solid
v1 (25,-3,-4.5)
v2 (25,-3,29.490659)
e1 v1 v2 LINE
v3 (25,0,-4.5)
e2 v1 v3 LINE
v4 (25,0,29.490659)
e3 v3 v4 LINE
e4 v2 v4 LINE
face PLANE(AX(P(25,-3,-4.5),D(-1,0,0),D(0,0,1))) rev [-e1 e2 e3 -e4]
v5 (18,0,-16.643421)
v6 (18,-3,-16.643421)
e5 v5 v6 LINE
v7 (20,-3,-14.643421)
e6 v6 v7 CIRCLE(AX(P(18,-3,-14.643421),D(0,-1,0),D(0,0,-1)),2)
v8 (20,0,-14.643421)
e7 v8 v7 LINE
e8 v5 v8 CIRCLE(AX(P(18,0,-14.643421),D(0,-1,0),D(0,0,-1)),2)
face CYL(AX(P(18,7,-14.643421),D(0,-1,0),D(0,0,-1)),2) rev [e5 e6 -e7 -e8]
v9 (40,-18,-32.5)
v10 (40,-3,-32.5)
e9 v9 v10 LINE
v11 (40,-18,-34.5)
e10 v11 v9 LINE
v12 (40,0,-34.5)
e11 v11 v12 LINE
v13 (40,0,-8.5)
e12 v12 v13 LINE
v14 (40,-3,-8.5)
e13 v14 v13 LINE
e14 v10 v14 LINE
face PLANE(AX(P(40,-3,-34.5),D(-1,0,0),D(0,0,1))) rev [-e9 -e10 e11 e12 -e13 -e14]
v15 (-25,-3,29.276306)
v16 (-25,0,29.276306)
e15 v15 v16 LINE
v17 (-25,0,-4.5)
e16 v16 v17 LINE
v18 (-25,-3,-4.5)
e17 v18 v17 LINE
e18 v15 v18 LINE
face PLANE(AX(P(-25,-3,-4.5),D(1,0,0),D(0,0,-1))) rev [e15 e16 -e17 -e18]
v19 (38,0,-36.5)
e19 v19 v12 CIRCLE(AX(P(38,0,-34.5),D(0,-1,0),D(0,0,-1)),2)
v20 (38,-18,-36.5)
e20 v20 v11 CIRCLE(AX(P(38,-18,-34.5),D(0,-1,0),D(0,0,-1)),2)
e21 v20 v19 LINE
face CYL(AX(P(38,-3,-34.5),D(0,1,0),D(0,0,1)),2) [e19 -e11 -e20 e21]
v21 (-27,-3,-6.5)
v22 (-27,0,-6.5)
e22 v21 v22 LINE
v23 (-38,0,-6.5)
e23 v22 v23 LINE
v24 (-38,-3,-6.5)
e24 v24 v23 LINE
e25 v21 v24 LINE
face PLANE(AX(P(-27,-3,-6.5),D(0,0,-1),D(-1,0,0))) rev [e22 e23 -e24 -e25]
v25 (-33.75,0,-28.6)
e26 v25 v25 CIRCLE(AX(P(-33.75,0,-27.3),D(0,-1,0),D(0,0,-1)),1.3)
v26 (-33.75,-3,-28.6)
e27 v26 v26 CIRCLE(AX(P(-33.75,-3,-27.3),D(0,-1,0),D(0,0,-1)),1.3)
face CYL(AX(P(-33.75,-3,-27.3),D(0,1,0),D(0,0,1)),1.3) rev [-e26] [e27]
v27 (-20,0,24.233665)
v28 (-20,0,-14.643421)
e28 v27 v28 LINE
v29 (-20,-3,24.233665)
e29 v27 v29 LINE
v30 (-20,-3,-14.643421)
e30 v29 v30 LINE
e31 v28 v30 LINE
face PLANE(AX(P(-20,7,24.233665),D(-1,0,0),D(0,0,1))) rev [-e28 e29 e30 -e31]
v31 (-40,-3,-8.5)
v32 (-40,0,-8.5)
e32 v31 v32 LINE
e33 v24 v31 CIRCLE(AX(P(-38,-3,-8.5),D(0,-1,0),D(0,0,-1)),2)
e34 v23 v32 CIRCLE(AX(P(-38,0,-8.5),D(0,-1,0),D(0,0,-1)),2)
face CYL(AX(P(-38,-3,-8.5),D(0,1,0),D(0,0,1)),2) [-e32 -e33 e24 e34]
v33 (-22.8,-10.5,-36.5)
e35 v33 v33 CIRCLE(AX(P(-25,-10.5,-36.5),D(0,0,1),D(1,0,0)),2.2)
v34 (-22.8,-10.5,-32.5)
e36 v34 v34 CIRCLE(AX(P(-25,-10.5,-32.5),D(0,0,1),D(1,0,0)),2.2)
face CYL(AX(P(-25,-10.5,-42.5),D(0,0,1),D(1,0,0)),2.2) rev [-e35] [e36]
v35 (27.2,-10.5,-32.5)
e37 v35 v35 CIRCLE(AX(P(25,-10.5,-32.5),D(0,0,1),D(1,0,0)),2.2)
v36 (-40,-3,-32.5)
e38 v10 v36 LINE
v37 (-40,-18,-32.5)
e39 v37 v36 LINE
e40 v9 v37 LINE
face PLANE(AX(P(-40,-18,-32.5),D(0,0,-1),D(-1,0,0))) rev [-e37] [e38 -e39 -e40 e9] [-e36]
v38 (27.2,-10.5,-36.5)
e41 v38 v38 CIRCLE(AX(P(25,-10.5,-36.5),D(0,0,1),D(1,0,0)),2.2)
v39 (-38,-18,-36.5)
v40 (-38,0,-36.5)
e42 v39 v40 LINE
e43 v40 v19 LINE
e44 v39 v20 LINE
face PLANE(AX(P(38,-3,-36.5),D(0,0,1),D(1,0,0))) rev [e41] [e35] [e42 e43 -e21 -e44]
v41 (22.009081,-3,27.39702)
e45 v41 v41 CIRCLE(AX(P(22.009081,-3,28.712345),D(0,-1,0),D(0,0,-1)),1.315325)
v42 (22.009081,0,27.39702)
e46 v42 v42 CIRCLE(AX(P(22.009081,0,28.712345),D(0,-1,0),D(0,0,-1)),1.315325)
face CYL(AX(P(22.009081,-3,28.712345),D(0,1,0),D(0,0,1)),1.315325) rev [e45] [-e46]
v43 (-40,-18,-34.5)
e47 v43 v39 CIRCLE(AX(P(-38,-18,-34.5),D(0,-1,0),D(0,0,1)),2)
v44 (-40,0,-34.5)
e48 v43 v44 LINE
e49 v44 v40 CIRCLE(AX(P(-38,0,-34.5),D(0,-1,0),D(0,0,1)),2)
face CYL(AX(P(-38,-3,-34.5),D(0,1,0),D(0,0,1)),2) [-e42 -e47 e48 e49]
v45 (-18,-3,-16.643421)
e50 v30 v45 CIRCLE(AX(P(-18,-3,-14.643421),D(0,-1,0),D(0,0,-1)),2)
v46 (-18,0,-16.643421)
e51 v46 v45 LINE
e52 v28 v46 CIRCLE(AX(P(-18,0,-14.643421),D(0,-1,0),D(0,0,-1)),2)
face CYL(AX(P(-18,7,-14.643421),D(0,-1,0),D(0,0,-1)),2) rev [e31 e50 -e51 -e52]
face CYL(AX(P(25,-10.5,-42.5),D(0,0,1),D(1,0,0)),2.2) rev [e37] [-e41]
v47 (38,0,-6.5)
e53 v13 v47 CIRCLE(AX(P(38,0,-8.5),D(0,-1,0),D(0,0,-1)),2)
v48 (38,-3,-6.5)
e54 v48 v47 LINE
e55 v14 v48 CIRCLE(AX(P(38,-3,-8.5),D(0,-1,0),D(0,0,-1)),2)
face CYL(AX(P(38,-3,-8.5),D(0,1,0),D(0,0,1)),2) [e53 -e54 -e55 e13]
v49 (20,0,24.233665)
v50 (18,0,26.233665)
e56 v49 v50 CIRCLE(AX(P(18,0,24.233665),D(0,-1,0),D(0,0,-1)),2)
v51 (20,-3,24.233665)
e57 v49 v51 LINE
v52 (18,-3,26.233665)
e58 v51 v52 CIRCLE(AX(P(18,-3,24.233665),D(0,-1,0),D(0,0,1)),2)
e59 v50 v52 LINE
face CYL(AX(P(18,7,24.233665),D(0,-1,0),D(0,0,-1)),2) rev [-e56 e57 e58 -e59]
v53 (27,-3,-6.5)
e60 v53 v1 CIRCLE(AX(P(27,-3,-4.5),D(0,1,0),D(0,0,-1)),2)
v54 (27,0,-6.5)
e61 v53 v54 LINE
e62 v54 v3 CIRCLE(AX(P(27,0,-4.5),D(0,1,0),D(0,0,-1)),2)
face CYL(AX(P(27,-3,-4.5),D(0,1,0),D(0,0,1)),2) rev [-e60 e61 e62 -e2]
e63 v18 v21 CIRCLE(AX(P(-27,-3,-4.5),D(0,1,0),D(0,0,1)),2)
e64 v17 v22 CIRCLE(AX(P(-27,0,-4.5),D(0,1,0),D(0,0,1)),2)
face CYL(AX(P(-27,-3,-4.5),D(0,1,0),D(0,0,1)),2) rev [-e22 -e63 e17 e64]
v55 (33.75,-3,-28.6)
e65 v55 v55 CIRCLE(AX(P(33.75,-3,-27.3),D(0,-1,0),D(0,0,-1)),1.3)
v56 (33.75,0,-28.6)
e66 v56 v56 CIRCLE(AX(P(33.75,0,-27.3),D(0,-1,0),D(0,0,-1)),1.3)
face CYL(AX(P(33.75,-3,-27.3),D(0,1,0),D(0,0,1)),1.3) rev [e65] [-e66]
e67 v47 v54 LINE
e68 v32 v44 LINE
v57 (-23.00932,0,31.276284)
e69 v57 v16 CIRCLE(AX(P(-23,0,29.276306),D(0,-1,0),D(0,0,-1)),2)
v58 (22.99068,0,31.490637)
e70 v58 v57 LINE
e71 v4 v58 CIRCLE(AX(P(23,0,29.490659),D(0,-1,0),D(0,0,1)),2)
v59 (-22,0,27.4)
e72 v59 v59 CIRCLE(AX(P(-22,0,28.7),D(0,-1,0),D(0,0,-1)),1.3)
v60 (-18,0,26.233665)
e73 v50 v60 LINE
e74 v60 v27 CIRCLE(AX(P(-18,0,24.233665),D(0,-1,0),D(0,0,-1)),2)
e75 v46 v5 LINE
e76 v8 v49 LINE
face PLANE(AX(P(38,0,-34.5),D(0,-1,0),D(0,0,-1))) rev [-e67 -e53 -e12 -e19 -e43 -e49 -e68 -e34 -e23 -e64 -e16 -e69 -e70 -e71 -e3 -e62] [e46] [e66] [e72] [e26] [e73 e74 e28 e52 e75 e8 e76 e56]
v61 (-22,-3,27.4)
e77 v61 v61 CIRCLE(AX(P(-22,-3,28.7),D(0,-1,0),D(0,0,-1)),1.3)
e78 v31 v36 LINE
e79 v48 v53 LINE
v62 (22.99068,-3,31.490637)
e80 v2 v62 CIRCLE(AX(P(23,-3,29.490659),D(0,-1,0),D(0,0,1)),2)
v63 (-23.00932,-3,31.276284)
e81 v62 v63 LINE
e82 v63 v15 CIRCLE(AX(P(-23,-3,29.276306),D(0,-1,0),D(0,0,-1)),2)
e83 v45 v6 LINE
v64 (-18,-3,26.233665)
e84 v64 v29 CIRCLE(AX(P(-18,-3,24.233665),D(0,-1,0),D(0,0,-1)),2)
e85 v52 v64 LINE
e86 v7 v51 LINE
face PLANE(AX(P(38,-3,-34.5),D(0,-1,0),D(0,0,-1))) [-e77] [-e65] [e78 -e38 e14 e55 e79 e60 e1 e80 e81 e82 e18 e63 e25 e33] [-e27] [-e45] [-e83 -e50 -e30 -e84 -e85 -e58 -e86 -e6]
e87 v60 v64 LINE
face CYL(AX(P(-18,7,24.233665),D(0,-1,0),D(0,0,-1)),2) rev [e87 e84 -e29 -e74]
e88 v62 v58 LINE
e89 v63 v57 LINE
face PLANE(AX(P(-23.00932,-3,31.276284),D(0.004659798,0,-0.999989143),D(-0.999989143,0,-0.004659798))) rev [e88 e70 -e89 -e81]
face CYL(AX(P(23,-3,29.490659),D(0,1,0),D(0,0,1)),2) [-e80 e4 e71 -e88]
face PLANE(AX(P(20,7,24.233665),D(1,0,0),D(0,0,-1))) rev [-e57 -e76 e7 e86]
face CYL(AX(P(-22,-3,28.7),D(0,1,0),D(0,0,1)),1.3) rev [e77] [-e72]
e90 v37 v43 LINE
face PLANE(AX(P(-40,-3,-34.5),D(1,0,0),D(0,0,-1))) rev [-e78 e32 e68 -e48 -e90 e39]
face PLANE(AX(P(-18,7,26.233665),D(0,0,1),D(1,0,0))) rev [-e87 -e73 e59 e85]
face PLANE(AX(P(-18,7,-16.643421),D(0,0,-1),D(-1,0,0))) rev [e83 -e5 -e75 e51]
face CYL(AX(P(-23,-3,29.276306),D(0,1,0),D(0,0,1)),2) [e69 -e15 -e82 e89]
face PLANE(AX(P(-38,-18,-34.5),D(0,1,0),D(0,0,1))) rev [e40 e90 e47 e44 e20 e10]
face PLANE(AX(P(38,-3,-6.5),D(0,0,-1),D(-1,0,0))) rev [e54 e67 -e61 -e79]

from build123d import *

# Parameters (mm, degrees)
SKETCH2_R           = 1.315325132
SKETCH2_R_2         = 1.3
BOSS_EXTRUDE1_DEPTH = 3
CUT_EXTRUDE1_DEPTH  = 10
BOSS_EXTRUDE3_DEPTH = 15
SKETCH6_R           = 2.2
CUT_EXTRUDE2_DEPTH  = 10


with BuildPart() as part:
    # Sketch2 → Boss-Extrude1 (new body)
    with BuildSketch(Plane.XZ):
        with BuildLine():
            Line((-23.009319596, 31.276283835), (22.990680404, 31.490636875))
            ThreePointArc((22.990680404, 31.490636875), (24.41091474, 30.908163296), (25, 29.490658589))
            Line((25, 29.490658589), (25, -4.5))
            ThreePointArc((25, -4.5), (25.585786438, -5.914213562), (27, -6.5))
            Line((27, -6.5), (38, -6.5))
            ThreePointArc((38, -6.5), (39.414213562, -7.085786438), (40, -8.5))
            Line((40, -8.5), (40, -34.5))
            ThreePointArc((40, -34.5), (39.414213562, -35.914213562), (38, -36.5))
            Line((38, -36.5), (-38, -36.5))
            ThreePointArc((-38, -36.5), (-39.414213562, -35.914213562), (-40, -34.5))
            Line((-40, -34.5), (-40, -8.5))
            ThreePointArc((-40, -8.5), (-39.414213562, -7.085786438), (-38, -6.5))
            Line((-38, -6.5), (-27, -6.5))
            ThreePointArc((-27, -6.5), (-25.585786438, -5.914213562), (-25, -4.5))
            Line((-25, -4.5), (-25, 29.276305549))
            ThreePointArc((-25, 29.276305549), (-24.417504708, 30.687220289), (-23.009319596, 31.276283835))
        make_face()
        with Locations(Location((22.009080877, 28.712344932, 0), (0, 0, 270))):
            Circle(SKETCH2_R, mode=Mode.SUBTRACT)
        with Locations(Location((-22, 28.7, 0), (0, 0, 270))):
            Circle(SKETCH2_R_2, mode=Mode.SUBTRACT)
        with Locations(Location((-33.75, -27.3, 0), (0, 0, 270))):
            Circle(SKETCH2_R_2, mode=Mode.SUBTRACT)
        with Locations(Location((33.75, -27.3, 0), (0, 0, 270))):
            Circle(SKETCH2_R_2, mode=Mode.SUBTRACT)
    extrude(amount=BOSS_EXTRUDE1_DEPTH)

    # Sketch3 → Cut-Extrude1 (cut)
    with BuildSketch(Plane.XZ.offset(3)):
        with BuildLine():
            Line((-18, 26.233664787), (18, 26.233664787))
            ThreePointArc((18, 26.233664787), (19.414213562, 25.64787835), (20, 24.233664787))
            Line((20, 24.233664787), (20, -14.643421245))
            ThreePointArc((20, -14.643421245), (19.414213562, -16.057634807), (18, -16.643421245))
            Line((18, -16.643421245), (-18, -16.643421245))
            ThreePointArc((-18, -16.643421245), (-19.414213562, -16.057634807), (-20, -14.643421245))
            Line((-20, -14.643421245), (-20, 24.233664787))
            ThreePointArc((-20, 24.233664787), (-19.414213562, 25.64787835), (-18, 26.233664787))
        make_face()
    extrude(amount=-CUT_EXTRUDE1_DEPTH, mode=Mode.SUBTRACT)

    # Sketch5 → Boss-Extrude3 (add)
    with BuildSketch(Plane.XZ.offset(3)):
        with BuildLine():
            Line((-40, -32.5), (40, -32.5))
            Line((40, -32.5), (40, -34.5))
            ThreePointArc((40, -34.5), (39.414213562, -35.914213562), (38, -36.5))
            Line((38, -36.5), (-38, -36.5))
            ThreePointArc((-38, -36.5), (-39.414213562, -35.914213562), (-40, -34.5))
            Line((-40, -34.5), (-40, -32.5))
        make_face()
    extrude(amount=BOSS_EXTRUDE3_DEPTH)

    # Sketch6 → Cut-Extrude2 (cut)
    with BuildSketch(Plane.XY.offset(-32.5)):
        with Locations((-25, -10.5)):
            Circle(SKETCH6_R)
        with Locations((25, -10.5)):
            Circle(SKETCH6_R)
    extrude(amount=-CUT_EXTRUDE2_DEPTH, mode=Mode.SUBTRACT)


solid = part.part
